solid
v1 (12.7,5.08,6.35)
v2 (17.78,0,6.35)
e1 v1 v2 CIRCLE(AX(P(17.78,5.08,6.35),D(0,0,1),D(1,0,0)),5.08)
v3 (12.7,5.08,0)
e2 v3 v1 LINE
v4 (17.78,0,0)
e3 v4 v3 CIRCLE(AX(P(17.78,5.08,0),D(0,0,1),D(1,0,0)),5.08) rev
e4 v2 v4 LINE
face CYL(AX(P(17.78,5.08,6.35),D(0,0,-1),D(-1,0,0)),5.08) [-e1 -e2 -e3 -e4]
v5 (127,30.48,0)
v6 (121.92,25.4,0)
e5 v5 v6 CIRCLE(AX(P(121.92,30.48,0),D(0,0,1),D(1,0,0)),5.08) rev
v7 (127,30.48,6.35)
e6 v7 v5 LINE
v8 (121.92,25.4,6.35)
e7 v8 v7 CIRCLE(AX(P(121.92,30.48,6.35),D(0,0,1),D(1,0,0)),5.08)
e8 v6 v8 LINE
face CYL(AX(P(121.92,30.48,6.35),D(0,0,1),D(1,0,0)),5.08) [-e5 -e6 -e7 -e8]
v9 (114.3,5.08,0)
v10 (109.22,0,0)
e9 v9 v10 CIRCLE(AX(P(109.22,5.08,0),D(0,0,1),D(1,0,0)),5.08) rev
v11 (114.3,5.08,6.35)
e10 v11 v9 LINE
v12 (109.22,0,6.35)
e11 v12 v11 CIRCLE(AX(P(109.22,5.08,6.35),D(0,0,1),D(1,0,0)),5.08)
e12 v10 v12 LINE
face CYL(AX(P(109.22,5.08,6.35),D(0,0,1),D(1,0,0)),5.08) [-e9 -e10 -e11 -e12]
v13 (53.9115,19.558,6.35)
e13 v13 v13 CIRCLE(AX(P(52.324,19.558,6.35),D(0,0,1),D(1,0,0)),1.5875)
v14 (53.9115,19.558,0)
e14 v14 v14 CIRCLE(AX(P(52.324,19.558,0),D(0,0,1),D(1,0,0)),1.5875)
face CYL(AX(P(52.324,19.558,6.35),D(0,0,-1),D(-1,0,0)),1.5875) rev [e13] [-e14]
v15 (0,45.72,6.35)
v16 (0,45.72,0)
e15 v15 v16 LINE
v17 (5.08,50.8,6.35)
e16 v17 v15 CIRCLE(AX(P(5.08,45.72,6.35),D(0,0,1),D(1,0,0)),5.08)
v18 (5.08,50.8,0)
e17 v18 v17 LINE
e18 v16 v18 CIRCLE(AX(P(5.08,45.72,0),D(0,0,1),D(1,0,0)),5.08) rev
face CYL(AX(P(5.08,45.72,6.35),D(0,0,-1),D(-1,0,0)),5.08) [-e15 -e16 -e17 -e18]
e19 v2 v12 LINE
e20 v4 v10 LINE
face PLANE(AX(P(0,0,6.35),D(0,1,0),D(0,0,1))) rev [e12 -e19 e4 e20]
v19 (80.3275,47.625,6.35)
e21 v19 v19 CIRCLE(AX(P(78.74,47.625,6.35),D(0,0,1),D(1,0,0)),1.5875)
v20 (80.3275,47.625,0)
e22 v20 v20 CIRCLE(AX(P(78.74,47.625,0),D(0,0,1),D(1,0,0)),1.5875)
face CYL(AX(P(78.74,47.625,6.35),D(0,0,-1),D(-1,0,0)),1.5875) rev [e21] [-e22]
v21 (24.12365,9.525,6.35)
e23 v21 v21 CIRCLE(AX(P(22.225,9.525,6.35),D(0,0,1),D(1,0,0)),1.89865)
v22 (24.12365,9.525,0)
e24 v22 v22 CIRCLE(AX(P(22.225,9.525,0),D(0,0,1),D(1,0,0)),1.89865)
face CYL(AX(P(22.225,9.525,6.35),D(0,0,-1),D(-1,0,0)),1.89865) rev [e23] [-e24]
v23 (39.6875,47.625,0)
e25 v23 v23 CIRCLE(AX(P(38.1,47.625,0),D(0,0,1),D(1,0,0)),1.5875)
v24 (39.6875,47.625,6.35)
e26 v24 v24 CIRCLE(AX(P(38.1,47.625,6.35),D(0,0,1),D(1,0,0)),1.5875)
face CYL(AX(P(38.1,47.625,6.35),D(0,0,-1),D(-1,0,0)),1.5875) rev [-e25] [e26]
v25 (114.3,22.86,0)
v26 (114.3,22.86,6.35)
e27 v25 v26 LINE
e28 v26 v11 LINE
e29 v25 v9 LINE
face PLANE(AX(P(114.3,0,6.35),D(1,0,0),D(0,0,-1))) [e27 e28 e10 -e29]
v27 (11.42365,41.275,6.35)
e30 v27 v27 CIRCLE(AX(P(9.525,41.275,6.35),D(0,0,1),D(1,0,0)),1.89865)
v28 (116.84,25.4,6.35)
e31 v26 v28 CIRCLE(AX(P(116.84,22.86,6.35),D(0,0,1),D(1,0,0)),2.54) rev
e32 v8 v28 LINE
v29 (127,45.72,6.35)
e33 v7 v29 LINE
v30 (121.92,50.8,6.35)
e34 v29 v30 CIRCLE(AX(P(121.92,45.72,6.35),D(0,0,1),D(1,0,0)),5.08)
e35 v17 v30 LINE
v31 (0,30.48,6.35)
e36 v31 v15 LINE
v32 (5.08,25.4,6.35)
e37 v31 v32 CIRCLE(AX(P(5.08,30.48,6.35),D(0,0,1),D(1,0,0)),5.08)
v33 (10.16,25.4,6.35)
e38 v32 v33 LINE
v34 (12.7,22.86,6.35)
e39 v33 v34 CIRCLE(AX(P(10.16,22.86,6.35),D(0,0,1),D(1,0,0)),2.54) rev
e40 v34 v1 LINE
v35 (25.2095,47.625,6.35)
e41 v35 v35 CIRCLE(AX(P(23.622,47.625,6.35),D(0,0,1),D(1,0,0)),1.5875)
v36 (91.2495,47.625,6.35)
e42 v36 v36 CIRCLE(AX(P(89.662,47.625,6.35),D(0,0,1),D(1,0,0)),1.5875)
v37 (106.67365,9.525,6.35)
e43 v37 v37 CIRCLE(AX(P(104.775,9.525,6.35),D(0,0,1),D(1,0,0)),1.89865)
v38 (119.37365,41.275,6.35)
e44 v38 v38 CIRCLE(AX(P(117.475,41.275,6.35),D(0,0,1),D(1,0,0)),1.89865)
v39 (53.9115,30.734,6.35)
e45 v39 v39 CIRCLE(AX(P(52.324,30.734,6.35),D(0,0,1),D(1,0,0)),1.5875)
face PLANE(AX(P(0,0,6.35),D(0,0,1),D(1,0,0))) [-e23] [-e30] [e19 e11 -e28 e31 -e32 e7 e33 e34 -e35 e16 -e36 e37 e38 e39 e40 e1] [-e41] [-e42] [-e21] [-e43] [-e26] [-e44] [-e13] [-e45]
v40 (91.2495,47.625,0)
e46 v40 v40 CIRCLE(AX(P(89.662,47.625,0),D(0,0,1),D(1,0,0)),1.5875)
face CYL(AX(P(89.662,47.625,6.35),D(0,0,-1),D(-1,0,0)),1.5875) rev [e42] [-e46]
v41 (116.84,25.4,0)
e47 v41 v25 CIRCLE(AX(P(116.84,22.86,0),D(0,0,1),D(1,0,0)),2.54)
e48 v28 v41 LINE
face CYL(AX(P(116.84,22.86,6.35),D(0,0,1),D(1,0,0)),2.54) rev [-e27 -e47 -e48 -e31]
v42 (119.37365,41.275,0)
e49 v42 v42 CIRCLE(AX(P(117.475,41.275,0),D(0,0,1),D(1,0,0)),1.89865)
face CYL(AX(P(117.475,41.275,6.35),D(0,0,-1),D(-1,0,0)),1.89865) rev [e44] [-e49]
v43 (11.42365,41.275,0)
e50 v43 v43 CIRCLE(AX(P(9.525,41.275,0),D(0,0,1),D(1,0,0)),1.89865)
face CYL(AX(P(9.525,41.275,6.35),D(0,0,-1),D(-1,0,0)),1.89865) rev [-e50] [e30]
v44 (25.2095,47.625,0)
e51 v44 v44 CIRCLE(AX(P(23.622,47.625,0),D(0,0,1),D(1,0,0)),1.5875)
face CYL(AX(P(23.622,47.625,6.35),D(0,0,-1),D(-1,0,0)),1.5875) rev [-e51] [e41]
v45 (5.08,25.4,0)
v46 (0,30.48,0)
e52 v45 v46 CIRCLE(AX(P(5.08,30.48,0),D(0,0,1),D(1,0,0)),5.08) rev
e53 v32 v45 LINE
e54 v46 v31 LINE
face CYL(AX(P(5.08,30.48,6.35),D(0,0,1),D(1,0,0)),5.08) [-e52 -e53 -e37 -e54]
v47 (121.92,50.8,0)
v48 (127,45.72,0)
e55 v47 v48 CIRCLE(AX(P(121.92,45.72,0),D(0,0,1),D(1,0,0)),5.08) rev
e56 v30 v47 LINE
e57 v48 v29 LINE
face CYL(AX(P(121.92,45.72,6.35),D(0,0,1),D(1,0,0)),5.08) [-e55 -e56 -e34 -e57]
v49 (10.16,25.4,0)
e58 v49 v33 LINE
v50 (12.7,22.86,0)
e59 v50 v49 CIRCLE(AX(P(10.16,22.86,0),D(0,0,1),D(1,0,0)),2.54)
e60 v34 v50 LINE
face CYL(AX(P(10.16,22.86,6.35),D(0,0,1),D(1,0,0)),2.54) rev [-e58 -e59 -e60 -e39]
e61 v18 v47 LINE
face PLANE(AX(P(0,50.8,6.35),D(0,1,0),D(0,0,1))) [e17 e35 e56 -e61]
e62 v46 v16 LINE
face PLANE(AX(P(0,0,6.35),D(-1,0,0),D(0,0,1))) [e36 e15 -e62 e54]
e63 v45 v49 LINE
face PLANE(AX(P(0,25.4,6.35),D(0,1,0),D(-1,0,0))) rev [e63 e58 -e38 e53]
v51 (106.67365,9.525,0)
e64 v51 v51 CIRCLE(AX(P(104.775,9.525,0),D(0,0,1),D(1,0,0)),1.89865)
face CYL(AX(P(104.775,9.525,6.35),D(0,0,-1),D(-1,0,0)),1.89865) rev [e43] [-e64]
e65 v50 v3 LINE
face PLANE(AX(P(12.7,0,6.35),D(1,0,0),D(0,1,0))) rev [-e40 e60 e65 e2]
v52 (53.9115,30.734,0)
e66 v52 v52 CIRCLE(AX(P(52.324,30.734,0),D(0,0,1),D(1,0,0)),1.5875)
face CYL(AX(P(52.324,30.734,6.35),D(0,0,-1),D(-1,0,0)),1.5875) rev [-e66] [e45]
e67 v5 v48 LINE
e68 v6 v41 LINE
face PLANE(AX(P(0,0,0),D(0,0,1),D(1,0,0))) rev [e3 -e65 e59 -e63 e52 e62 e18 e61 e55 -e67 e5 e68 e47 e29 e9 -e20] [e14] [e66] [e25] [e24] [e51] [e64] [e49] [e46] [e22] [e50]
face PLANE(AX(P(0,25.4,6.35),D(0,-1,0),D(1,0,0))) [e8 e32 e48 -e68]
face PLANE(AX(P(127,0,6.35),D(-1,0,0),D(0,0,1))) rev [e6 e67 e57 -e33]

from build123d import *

# Parameters (mm, degrees)
SKETCH1_R           = 1.89865
SKETCH1_R_2         = 1.5875
BOSS_EXTRUDE1_DEPTH = 6.35
FILLET1_R           = 5.08
FILLET2_R           = 2.54


with BuildPart() as part:
    # Sketch1 → Boss-Extrude1 (new body)
    with BuildSketch(Plane.XY):
        Polygon((0, 50.8), (0, 25.4), (12.7, 25.4), (12.7, 0), (114.3, 0), (114.3, 25.4), (127, 25.4), (127, 50.8), align=None)
        with Locations((22.225, 9.525)):
            Circle(SKETCH1_R, mode=Mode.SUBTRACT)
        with Locations((52.324, 19.558)):
            Circle(SKETCH1_R_2, mode=Mode.SUBTRACT)
        with Locations((104.775, 9.525)):
            Circle(SKETCH1_R, mode=Mode.SUBTRACT)
        with Locations((52.324, 30.734)):
            Circle(SKETCH1_R_2, mode=Mode.SUBTRACT)
        with Locations((9.525, 41.275)):
            Circle(SKETCH1_R, mode=Mode.SUBTRACT)
        with Locations((23.622, 47.625)):
            Circle(SKETCH1_R_2, mode=Mode.SUBTRACT)
        with Locations((38.1, 47.625)):
            Circle(SKETCH1_R_2, mode=Mode.SUBTRACT)
        with Locations((78.74, 47.625)):
            Circle(SKETCH1_R_2, mode=Mode.SUBTRACT)
        with Locations((89.662, 47.625)):
            Circle(SKETCH1_R_2, mode=Mode.SUBTRACT)
        with Locations((117.475, 41.275)):
            Circle(SKETCH1_R, mode=Mode.SUBTRACT)
    extrude(amount=BOSS_EXTRUDE1_DEPTH)

    # Fillet1
    fillet1_edges = [part.edges().sort_by_distance(p)[0] for p in [
        (114.3, 0, 3.175),
        (12.7, 0, 3.175),
        (0, 25.4, 3.175),
        (0, 50.8, 3.175),
        (127, 50.8, 3.175),
        (127, 25.4, 3.175),
    ]]
    fillet(fillet1_edges, radius=FILLET1_R)

    # Fillet2
    fillet2_edges = [part.edges().sort_by_distance(p)[0] for p in [
        (12.7, 25.4, 3.175),
        (114.3, 25.4, 3.175),
    ]]
    fillet(fillet2_edges, radius=FILLET2_R)


solid = part.part
